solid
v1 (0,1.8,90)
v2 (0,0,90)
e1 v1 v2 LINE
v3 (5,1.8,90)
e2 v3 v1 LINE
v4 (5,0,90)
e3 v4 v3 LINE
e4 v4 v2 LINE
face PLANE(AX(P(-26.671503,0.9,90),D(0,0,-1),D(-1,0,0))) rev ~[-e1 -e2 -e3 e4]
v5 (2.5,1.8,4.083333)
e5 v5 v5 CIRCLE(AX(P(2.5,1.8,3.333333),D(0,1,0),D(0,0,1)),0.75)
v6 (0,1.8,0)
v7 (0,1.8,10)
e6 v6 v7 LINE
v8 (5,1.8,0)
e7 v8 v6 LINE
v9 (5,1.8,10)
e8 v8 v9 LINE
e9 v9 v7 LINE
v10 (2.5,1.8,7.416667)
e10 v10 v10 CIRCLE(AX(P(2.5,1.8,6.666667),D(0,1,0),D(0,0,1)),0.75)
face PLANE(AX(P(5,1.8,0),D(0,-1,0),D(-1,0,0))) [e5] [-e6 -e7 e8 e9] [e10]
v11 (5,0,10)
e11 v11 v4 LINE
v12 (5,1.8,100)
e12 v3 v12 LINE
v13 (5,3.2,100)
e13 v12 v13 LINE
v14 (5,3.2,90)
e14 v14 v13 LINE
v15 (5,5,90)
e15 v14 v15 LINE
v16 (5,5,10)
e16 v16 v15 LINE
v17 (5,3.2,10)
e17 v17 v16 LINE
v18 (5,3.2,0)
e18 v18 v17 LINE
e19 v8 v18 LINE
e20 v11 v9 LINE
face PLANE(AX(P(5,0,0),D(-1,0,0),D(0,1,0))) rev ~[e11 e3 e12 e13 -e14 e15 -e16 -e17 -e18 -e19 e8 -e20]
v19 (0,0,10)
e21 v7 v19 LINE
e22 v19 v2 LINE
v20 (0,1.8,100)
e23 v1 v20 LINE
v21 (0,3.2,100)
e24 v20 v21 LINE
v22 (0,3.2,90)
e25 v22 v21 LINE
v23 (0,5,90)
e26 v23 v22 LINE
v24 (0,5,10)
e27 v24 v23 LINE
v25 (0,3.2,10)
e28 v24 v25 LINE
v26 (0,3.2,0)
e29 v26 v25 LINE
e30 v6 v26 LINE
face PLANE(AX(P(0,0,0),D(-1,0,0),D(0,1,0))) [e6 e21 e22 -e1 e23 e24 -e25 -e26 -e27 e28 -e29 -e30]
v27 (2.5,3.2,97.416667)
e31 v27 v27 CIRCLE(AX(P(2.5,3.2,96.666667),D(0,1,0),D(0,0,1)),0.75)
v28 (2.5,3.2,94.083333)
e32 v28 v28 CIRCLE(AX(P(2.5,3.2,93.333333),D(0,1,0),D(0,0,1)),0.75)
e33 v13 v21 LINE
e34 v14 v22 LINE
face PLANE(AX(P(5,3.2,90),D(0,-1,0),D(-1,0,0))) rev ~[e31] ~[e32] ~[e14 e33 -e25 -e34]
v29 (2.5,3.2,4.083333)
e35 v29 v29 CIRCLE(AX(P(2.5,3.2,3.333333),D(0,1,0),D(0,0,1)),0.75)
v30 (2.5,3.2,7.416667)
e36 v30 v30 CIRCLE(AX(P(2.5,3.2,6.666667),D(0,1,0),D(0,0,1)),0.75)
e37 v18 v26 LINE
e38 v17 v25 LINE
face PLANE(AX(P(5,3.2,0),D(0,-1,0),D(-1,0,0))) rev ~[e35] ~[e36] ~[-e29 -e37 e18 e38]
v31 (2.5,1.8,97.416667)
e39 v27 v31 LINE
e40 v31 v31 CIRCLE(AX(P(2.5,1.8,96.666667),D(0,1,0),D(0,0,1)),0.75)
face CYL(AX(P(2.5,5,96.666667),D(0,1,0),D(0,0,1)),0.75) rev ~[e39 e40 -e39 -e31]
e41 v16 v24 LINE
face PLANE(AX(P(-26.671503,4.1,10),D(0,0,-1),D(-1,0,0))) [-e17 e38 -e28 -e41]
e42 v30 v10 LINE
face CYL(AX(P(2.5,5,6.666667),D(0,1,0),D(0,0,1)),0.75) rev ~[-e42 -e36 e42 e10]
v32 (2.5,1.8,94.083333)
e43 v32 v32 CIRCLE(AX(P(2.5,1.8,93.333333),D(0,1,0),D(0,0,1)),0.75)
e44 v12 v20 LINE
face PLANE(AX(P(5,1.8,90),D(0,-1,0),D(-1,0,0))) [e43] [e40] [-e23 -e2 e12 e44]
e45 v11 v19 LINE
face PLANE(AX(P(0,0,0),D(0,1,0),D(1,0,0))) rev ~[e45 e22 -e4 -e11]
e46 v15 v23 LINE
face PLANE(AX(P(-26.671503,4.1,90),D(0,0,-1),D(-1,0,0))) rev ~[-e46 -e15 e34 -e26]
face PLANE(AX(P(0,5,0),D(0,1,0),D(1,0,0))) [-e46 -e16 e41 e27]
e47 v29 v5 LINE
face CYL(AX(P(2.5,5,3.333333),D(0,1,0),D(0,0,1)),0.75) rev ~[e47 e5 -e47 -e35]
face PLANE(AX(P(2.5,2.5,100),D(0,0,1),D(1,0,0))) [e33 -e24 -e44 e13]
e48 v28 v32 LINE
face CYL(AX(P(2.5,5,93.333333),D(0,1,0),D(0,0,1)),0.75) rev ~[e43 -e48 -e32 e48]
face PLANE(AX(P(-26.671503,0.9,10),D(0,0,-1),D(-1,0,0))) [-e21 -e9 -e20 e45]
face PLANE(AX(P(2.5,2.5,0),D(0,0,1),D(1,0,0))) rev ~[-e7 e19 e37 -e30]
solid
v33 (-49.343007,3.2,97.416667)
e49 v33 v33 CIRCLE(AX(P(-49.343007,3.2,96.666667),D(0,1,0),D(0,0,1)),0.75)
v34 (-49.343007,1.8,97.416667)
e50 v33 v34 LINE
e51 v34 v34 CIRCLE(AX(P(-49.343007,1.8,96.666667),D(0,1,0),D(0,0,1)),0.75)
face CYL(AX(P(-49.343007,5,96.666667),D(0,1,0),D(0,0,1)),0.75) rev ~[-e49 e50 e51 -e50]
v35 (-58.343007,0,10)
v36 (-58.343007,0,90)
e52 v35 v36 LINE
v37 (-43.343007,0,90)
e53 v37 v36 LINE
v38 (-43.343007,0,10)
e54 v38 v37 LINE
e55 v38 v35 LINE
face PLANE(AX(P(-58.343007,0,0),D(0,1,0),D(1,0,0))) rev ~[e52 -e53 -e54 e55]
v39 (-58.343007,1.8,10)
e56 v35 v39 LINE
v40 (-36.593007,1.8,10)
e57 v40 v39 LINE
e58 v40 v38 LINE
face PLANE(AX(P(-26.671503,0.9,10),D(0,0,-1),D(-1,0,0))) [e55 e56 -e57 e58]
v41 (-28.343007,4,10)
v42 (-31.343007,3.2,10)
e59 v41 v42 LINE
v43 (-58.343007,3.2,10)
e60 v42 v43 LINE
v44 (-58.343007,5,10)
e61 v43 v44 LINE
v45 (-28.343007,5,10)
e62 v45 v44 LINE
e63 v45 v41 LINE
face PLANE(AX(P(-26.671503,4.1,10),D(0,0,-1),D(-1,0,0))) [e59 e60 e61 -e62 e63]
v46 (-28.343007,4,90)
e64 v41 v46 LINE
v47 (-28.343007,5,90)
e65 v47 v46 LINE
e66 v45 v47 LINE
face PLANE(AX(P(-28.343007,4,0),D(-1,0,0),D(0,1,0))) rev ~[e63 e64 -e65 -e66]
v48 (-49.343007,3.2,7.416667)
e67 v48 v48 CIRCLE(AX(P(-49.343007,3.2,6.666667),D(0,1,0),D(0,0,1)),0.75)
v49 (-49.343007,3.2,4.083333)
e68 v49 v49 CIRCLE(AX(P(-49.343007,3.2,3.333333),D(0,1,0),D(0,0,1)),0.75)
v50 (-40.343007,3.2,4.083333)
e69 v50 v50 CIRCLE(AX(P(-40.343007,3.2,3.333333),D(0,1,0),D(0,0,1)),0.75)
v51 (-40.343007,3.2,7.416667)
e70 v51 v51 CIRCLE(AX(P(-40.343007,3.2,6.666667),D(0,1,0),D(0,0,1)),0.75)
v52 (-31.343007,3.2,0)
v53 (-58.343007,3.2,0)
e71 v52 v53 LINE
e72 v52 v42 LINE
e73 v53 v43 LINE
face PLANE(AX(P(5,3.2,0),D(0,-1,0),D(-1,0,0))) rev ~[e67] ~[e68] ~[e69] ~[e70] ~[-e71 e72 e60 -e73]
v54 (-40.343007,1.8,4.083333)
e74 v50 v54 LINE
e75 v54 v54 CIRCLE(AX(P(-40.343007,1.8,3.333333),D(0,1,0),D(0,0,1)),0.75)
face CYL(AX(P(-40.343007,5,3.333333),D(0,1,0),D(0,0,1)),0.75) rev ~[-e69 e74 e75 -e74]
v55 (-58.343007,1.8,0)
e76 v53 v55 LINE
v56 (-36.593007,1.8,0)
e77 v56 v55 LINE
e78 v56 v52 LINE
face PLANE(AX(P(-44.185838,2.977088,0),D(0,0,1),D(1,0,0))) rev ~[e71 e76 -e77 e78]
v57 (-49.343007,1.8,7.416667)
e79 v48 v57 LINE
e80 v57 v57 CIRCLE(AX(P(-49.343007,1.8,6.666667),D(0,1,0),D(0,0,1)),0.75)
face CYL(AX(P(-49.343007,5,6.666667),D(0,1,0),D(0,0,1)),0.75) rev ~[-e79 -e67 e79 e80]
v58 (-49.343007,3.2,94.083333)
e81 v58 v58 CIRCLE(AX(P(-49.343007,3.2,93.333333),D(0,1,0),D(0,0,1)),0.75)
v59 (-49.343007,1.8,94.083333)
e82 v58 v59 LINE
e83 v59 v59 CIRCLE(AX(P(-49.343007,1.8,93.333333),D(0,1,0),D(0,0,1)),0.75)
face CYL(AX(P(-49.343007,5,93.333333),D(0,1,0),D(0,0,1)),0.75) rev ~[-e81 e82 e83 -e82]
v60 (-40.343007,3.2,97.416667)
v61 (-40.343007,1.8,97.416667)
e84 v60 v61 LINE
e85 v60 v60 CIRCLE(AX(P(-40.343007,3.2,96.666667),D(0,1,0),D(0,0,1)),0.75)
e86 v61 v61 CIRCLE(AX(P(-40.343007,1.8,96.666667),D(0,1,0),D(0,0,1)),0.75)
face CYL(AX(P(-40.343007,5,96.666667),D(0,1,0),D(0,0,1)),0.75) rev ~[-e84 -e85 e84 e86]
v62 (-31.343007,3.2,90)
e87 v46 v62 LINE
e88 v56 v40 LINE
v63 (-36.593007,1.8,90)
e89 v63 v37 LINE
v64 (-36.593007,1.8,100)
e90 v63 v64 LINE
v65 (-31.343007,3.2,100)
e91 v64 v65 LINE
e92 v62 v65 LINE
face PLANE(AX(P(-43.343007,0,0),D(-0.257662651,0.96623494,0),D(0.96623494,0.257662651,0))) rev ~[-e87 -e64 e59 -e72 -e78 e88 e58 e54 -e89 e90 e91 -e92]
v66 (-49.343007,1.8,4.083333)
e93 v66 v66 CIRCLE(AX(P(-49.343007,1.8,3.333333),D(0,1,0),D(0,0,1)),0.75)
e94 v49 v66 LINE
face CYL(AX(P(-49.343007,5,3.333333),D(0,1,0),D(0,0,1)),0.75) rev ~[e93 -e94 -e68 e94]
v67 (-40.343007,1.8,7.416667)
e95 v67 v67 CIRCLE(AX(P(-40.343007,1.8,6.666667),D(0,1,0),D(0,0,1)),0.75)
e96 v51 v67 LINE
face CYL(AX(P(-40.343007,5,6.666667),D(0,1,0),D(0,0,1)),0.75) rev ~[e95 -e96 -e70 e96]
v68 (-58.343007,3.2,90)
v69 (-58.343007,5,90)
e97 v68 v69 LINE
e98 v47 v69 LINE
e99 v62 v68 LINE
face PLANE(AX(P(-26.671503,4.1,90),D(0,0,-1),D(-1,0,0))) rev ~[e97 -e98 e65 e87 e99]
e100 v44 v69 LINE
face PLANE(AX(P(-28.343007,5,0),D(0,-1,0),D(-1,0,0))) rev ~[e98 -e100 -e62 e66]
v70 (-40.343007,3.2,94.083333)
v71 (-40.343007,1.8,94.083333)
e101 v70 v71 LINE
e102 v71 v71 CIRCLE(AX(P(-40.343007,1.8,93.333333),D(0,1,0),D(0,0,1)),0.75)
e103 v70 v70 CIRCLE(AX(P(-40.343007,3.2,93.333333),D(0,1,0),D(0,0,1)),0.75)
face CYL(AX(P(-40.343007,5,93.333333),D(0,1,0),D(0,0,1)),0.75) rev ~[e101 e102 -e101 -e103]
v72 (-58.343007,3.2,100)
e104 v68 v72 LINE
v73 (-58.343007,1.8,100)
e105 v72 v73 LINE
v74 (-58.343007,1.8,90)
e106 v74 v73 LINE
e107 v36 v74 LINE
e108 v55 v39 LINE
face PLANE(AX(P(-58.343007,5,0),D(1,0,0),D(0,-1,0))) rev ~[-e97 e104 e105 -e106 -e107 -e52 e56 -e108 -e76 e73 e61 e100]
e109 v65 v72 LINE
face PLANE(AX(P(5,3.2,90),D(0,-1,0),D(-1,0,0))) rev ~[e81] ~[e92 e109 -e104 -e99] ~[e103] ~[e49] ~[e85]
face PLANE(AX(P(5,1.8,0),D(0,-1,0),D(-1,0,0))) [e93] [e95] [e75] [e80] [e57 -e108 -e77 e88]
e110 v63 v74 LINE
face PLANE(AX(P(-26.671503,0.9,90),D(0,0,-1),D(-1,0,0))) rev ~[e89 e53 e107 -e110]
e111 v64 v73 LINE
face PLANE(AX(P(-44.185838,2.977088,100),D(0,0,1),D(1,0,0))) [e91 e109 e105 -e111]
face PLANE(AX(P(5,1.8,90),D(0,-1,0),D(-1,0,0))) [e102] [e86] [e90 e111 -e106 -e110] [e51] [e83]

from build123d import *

# Parameters (mm, degrees)
AUFSATZ_LINEAR_AUSTRAGEN1_DEPTH   = 100
SKIZZE1_W                         = 5
SKIZZE1_H                         = 5
AUFSATZ_LINEAR_AUSTRAGEN1_2_DEPTH = 100
SKIZZE3_W                         = 63.343006578
SKIZZE3_H                         = 1.8
SCHNITT_LINEAR_AUSTRAGEN2_DEPTH   = 10
SCHNITT_LINEAR_START              = -90
SKIZZE3_3_W                       = 63.343006578
SKIZZE3_3_H                       = 1.8
SCHNITT_LINEAR_AUSTRAGEN3_DEPTH   = 10
SKIZZE4_R                         = 0.75
SCHNITT_LINEAR_AUSTRAGEN4_DEPTH   = 3.2
LINEARES_MUSTER1_COUNT            = 2
LINEARES_MUSTER1_PITCH            = 90


with BuildPart() as part:
    # Skizze1 → Aufsatz-Linear austragen1 (new body)
    with BuildSketch(Plane.XY):
        Polygon((-43.343006578, 0), (-28.343006578, 4), (-28.343006578, 5), (-58.343006578, 5), (-58.343006578, 0), align=None)
    extrude(amount=AUFSATZ_LINEAR_AUSTRAGEN1_DEPTH)


with BuildPart() as body_2:
    # Skizze1 → Aufsatz-Linear austragen1 2 (new body)
    with BuildSketch(Plane.XY):
        with Locations((2.5, 2.5)):
            Rectangle(SKIZZE1_W, SKIZZE1_H)
    extrude(amount=AUFSATZ_LINEAR_AUSTRAGEN1_2_DEPTH)


with BuildPart() as schnitt_linear_austragen2_tool:
    # Skizze3 → Schnitt-Linear austragen2 (new body)
    with BuildSketch(Plane(origin=(0, 0, 0), x_dir=(-1, 0, 0), z_dir=(0, 0, -1))):
        with Locations((26.671503289, 4.1)):
            Rectangle(SKIZZE3_W, SKIZZE3_H)
        with Locations((26.671503289, 0.9)):
            Rectangle(SKIZZE3_W, SKIZZE3_H)
    extrude(amount=-SCHNITT_LINEAR_AUSTRAGEN2_DEPTH)


with BuildPart() as part_1:
    add(part.part)

    # Schnitt-Linear austragen2: cut by schnitt_linear_austragen2_tool
    add(schnitt_linear_austragen2_tool.part, mode=Mode.SUBTRACT)


with BuildPart() as body_2_1:
    add(body_2.part)

    # Schnitt-Linear austragen2: cut by schnitt_linear_austragen2_tool
    add(schnitt_linear_austragen2_tool.part, mode=Mode.SUBTRACT)


with BuildPart() as schnitt_linear_austragen3_tool:
    # Skizze3<3> → Schnitt-Linear austragen3 (new body)
    with BuildSketch(Plane(origin=(0, 0, 0), x_dir=(-1, 0, 0), z_dir=(0, 0, -1)).offset(SCHNITT_LINEAR_START)):
        with Locations((26.671503289, 4.1)):
            Rectangle(SKIZZE3_3_W, SKIZZE3_3_H)
        with Locations((26.671503289, 0.9)):
            Rectangle(SKIZZE3_3_W, SKIZZE3_3_H)
    extrude(amount=-SCHNITT_LINEAR_AUSTRAGEN3_DEPTH)


with BuildPart() as part_2:
    add(part_1.part)

    # Schnitt-Linear austragen3: cut by schnitt_linear_austragen3_tool
    add(schnitt_linear_austragen3_tool.part, mode=Mode.SUBTRACT)


with BuildPart() as body_2_2:
    add(body_2_1.part)

    # Schnitt-Linear austragen3: cut by schnitt_linear_austragen3_tool
    add(schnitt_linear_austragen3_tool.part, mode=Mode.SUBTRACT)


with BuildPart() as schnitt_linear_austragen4_tool:
    # Skizze4 → Schnitt-Linear austragen4 (new body)
    with BuildSketch(Plane(origin=(0, 5, 0), x_dir=(1, 0, 0), z_dir=(0, 1, 0))):
        with Locations(Location((-49.343006578, -3.333333333, 0), (0, 0, 270))):
            Circle(SKIZZE4_R)
        with Locations(Location((-49.343006578, -6.666666667, 0), (0, 0, 270))):
            Circle(SKIZZE4_R)
        with Locations(Location((-40.343006578, -3.333333333, 0), (0, 0, 270))):
            Circle(SKIZZE4_R)
        with Locations(Location((-40.343006578, -6.666666667, 0), (0, 0, 270))):
            Circle(SKIZZE4_R)
        with Locations(Location((2.5, -3.333333333, 0), (0, 0, 270))):
            Circle(SKIZZE4_R)
        with Locations(Location((2.5, -6.666666667, 0), (0, 0, 270))):
            Circle(SKIZZE4_R)
    schnitt_linear_austragen4 = extrude(amount=-SCHNITT_LINEAR_AUSTRAGEN4_DEPTH)


with BuildPart() as part_3:
    add(part_2.part)

    # Schnitt-Linear austragen4: cut by schnitt_linear_austragen4_tool
    add(schnitt_linear_austragen4_tool.part, mode=Mode.SUBTRACT)


with BuildPart() as body_2_3:
    add(body_2_2.part)

    # Schnitt-Linear austragen4: cut by schnitt_linear_austragen4_tool
    add(schnitt_linear_austragen4_tool.part, mode=Mode.SUBTRACT)


with BuildPart() as lineares_muster1_tool:
    # Lineares Muster1: Schnitt-Linear austragen4 ×2
    with Locations(*[(0, 0, i * LINEARES_MUSTER1_PITCH) for i in range(1, LINEARES_MUSTER1_COUNT)]):
        add(schnitt_linear_austragen4)


with BuildPart() as part_4:
    add(part_3.part)

    # Lineares Muster1: cut by lineares_muster1_tool
    add(lineares_muster1_tool.part, mode=Mode.SUBTRACT)


with BuildPart() as body_2_4:
    add(body_2_3.part)

    # Lineares Muster1: cut by lineares_muster1_tool
    add(lineares_muster1_tool.part, mode=Mode.SUBTRACT)


solid = Compound([part_4.part, body_2_4.part])
